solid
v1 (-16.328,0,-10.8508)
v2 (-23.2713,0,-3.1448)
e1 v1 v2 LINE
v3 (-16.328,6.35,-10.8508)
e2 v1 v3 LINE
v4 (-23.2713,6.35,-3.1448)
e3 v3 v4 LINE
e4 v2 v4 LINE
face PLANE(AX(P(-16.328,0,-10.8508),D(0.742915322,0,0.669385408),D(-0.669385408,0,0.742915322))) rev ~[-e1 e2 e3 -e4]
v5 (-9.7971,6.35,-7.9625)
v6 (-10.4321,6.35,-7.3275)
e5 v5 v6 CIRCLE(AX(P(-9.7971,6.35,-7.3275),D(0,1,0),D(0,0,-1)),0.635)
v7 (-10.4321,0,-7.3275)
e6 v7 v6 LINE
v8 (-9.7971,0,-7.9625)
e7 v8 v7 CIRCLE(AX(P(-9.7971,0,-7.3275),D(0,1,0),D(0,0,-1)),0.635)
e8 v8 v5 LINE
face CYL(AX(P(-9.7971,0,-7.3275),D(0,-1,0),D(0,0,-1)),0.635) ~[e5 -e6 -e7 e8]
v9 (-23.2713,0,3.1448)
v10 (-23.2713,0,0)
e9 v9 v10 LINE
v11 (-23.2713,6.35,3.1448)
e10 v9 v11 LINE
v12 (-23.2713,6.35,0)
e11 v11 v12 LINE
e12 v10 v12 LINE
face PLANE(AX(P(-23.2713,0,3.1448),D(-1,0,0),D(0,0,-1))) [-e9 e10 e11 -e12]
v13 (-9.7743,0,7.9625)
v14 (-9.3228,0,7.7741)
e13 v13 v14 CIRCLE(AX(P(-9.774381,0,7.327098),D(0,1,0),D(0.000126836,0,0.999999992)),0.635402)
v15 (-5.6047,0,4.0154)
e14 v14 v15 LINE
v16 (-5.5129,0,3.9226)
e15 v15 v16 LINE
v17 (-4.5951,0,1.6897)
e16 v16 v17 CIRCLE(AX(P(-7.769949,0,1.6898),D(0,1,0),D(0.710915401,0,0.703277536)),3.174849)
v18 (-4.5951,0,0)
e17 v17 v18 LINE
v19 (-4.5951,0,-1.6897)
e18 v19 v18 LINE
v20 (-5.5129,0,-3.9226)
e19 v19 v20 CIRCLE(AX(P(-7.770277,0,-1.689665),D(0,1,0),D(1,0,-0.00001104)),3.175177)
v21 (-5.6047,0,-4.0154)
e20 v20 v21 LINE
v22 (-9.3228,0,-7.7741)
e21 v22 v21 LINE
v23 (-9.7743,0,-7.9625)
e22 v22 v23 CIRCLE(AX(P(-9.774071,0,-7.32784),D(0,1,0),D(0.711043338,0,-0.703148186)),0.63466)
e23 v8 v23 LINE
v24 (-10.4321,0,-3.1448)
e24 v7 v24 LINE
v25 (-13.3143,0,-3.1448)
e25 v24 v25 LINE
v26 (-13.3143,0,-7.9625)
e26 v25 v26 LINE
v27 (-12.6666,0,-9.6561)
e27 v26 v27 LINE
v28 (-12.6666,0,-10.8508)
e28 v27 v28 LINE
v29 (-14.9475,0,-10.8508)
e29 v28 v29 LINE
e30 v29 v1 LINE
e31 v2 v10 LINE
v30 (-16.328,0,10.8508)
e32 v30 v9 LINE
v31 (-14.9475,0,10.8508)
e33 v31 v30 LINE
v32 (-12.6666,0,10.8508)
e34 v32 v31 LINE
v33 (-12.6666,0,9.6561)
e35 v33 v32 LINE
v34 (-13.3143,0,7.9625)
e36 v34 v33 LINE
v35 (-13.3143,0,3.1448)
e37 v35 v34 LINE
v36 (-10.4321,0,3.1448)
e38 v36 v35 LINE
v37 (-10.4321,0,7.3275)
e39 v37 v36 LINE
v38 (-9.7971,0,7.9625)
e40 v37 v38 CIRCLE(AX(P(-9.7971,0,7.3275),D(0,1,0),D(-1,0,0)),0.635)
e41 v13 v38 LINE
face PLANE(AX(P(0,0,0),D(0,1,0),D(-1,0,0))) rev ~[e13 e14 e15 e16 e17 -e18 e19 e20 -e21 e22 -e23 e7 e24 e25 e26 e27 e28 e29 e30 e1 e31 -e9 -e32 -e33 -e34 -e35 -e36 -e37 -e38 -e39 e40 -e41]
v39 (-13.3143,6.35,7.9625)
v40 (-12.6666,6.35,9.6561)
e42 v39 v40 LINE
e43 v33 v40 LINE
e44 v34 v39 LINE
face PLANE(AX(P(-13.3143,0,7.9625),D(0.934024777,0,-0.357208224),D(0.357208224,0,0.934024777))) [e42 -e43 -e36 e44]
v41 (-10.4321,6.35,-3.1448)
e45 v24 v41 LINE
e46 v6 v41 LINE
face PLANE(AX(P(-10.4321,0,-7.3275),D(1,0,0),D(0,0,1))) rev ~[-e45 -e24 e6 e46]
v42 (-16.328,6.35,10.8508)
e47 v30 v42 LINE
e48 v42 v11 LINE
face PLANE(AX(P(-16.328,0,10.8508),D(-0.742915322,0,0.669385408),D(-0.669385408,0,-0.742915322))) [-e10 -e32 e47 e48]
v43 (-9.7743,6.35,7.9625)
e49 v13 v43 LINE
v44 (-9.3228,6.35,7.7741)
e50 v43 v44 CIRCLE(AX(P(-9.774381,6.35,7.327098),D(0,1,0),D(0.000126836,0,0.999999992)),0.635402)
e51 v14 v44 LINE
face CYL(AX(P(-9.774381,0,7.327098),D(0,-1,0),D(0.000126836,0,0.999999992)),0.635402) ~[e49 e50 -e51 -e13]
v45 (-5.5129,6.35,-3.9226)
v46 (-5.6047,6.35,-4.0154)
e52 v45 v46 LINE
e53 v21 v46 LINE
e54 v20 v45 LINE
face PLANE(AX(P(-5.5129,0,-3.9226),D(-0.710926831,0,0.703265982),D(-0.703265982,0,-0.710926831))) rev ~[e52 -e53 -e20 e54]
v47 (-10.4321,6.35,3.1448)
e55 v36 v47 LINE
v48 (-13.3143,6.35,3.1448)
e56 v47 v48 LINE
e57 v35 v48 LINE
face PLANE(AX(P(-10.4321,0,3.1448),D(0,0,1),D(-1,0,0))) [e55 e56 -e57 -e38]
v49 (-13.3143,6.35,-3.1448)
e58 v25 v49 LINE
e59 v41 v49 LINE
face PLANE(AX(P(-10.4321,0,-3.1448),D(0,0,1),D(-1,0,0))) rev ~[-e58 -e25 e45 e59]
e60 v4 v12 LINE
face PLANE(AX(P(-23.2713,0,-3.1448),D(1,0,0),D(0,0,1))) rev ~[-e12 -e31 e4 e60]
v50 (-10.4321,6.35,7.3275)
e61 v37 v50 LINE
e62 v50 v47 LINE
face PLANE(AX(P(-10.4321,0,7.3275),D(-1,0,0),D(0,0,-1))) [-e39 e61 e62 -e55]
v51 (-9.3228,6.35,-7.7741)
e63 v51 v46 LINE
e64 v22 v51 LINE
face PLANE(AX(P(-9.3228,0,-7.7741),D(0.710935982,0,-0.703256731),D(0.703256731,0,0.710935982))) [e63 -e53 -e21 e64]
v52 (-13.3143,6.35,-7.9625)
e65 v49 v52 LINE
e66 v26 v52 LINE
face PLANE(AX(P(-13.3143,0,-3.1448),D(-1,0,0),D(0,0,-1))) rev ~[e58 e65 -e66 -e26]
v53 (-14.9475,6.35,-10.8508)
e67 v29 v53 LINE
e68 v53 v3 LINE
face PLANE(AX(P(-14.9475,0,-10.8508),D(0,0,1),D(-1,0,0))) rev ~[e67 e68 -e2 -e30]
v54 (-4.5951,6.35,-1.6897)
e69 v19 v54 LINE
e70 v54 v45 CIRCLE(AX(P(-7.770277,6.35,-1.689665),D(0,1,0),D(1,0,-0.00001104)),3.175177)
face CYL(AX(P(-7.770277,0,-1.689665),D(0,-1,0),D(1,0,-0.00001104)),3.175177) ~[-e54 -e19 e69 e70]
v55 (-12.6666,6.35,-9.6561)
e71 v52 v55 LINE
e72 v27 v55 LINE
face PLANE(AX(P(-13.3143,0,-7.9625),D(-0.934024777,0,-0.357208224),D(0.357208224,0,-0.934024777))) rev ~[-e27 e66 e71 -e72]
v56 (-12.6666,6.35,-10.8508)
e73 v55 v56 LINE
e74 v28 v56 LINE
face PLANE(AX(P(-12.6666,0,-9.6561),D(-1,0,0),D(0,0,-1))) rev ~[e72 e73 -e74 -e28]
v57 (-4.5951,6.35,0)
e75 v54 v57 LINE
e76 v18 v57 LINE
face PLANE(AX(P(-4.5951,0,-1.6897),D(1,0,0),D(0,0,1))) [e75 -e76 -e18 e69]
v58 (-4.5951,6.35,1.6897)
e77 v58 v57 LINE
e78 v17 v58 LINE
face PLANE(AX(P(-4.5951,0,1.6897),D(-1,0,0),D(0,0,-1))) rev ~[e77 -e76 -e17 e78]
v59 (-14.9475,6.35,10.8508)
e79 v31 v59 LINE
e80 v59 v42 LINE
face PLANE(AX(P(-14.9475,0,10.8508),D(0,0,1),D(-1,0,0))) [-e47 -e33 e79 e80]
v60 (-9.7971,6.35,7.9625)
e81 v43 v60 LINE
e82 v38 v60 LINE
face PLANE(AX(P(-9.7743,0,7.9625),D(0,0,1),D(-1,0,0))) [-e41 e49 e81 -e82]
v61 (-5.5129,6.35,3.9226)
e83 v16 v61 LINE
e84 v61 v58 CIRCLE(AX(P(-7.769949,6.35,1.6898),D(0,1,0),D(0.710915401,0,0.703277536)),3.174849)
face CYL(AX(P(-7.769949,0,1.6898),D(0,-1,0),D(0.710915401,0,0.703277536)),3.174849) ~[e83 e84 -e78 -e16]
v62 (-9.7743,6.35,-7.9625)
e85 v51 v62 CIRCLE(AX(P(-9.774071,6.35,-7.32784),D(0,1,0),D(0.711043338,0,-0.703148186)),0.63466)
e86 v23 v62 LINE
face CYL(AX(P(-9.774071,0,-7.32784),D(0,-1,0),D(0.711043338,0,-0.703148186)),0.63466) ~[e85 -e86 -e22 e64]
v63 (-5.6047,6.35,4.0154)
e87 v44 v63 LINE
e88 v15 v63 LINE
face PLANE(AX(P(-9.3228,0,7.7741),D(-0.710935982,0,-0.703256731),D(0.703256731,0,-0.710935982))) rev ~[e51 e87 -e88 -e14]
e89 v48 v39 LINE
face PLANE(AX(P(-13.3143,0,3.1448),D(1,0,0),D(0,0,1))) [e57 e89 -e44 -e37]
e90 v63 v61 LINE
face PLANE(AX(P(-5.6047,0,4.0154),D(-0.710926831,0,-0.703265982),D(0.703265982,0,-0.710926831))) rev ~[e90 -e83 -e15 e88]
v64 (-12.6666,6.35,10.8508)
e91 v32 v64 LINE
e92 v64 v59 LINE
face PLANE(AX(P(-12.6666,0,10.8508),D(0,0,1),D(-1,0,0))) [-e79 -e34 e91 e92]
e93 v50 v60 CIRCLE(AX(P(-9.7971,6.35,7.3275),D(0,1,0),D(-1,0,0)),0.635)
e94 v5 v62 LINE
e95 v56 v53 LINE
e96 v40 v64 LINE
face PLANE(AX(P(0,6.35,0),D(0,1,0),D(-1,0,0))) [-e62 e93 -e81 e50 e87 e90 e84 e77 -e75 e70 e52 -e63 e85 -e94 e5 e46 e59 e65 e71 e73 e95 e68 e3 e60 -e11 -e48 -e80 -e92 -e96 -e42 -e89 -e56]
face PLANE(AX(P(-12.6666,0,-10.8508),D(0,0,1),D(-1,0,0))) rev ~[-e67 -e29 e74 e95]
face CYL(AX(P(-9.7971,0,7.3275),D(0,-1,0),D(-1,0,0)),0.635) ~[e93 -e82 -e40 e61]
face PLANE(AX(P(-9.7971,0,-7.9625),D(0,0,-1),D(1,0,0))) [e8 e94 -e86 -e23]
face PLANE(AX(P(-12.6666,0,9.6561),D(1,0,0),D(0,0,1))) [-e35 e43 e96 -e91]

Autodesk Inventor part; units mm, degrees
ref_plane "YZ Plane" through (0, 0, 0) normal (1, 0, 0) x (0, 1, 0)
ref_plane "XZ Plane" through (0, 0, 0) normal (0, 1, 0) x (-1, 0, 0)
ref_plane "XY Plane" through (0, 0, 0) normal (0, 0, 1) x (1, 0, 0)
sketch "Sketch1" plane through (0, 0, 0) normal (0, 1, 0) x (-1, 0, 0)
  line L0 (-12.7, 12.7) -> (12.7, 12.7)
  line L1 (12.7, 12.7) -> (12.7, -12.7)
  line L2 (12.7, -12.7) -> (-12.7, -12.7)
  line L3 (-12.7, -12.7) -> (-12.7, 12.7)
  line L4 (-12.7, 12.7) -> (12.7, -12.7) construction
  line L5 (12.7, 12.7) -> (-12.7, -12.7) construction
  line L6 (14.9209, 3.2512) -> (10.4791, 3.2512)
  line L7 (10.4791, 3.2512) -> (10.4791, -3.2512)
  line L8 (10.4791, -3.2512) -> (14.9209, -3.2512)
  line L9 (14.9209, -3.2512) -> (14.9209, 3.2512)
  line L10 (14.9209, 3.2512) -> (10.4791, -3.2512) construction
  line L11 (10.4791, 3.2512) -> (14.9209, -3.2512) construction
  line L12 (12.7, 3.2512) -> (10.4902, 3.2512)
  line L13 (10.4902, 3.2512) -> (10.4902, 9.3687)
  line L14 (10.4902, 9.3687) -> (12.7, 9.3687)
  line L15 (12.7, 9.3687) -> (12.7, 3.2512)
  line L16 (-4.5426, 4.5426) -> (4.5426, 4.5426)
  line L17 (4.5426, 1.686) -> (4.5426, -1.686)
  line L18 (4.5426, -4.5426) -> (-4.5426, -4.5426)
  line L19 (-4.5426, -4.5426) -> (-4.5426, 4.5426)
  line L20 (-4.5426, 4.5426) -> (4.5426, -4.5426) construction
  line L21 (4.5426, 4.5426) -> (-4.5426, -4.5426) construction
  line L22 (12.7, 12.7) -> (-12.7, -12.7) construction
  line L23 (11.9293, 13.4707) -> (-13.4707, -11.9293)
  line L24 (5.4725, 3.9311) -> (13.4707, 11.9293)
  arc A0 (13.4707, 11.9293) -> (11.9293, 13.4707) centre (12.7, 12.7) ccw
  arc A1 (-13.4707, -11.9293) -> (-11.9293, -13.4707) centre (-12.7, -12.7) ccw
  line L25 (12.7, -12.7) -> (-12.7, 12.7) construction
  line L26 (11.9293, -13.4707) -> (-13.4707, 11.9293)
  line L27 (5.4725, -3.9311) -> (13.4707, -11.9293)
  arc A2 (11.9293, -13.4707) -> (13.4707, -11.9293) centre (12.7, -12.7) ccw
  arc A3 (-11.9293, 13.4707) -> (-13.4707, 11.9293) centre (-12.7, 12.7) ccw
  arc A4 (5.4725, 3.9311) -> (4.5426, 1.686) centre (7.7176, 1.686) ccw
  arc A5 (4.5426, -1.686) -> (5.4725, -3.9311) centre (7.7176, -1.686) ccw
  point P0 (0, 0)
  point P1 (12.7, 0)
  point P2 (0, 0)
  point P3 (0, 0)
  dimension "d0" = 25.4
  dimension "d1" = 25.4
  dimension "d2" = 6.5024
  dimension "d3" = 2.2098
  dimension "d4" = 3.175
sketch "Sketch2" plane through (0, 0, 0) normal (0, 1, 0) x (-1, 0, 0)
  line L0 (9.3228, 7.7741) -> (5.6047, 4.0154)
  line L1 (5.6047, 4.0154) -> (5.5129, 3.9226)
  line L2 (4.5951, 1.6897) -> (4.5951, 0)
  line L3 (9.7743, 7.9625) -> (9.7971, 7.9625)
  line L4 (10.4321, 7.3275) -> (10.4321, 3.1448)
  line L5 (10.4321, 3.1448) -> (13.3143, 3.1448)
  arc A0 (5.5129, 3.9226) -> (4.5951, 1.6897) centre (7.7701, 1.6897) ccw
  arc A1 (9.7743, 7.9625) -> (9.3228, 7.7741) centre (9.7743, 7.3275) ccw
  arc A2 (10.4321, 7.3275) -> (9.7971, 7.9625) centre (9.7971, 7.3275) ccw
  line L6 (13.3143, 3.1448) -> (13.3143, 7.9625)
  line L7 (13.3143, 7.9625) -> (12.6666, 9.6561)
  line L8 (12.6666, 9.6561) -> (12.6666, 10.8508)
  line L9 (12.6666, 10.8508) -> (14.9475, 10.8508)
  line L10 (14.9475, 10.8508) -> (16.328, 10.8508)
  line L11 (16.328, 10.8508) -> (23.2713, 3.1448)
  line L12 (23.2713, 3.1448) -> (23.2713, 0)
  line L13 (9.3228, -7.7741) -> (5.6047, -4.0154)
  line L14 (4.5951, -1.6897) -> (4.5951, 0)
  line L15 (10.4321, -7.3275) -> (10.4321, -3.1448)
  line L16 (10.4321, -3.1448) -> (13.3143, -3.1448)
  arc A3 (4.5951, -1.6897) -> (5.5129, -3.9226) centre (7.7701, -1.6897) ccw
  arc A4 (9.3228, -7.7741) -> (9.7743, -7.9625) centre (9.7743, -7.3275) ccw
  arc A5 (9.7971, -7.9625) -> (10.4321, -7.3275) centre (9.7971, -7.3275) ccw
  line L17 (13.3143, -3.1448) -> (13.3143, -7.9625)
  line L18 (13.3143, -7.9625) -> (12.6666, -9.6561)
  line L19 (12.6666, -9.6561) -> (12.6666, -10.8508)
  line L20 (12.6666, -10.8508) -> (14.9475, -10.8508)
  line L21 (14.9475, -10.8508) -> (16.328, -10.8508)
  line L22 (16.328, -10.8508) -> (23.2713, -3.1448)
  line L23 (23.2713, -3.1448) -> (23.2713, 0)
  line L24 (5.5129, -3.9226) -> (5.6047, -4.0154)
  line L25 (9.7971, -7.9625) -> (9.7743, -7.9625)
  point P0 (0, 0)
  point P1 (4.5951, 2.9948)
  dimension "d5" = 3.175
  dimension "d6" = 0.635
extrude "Extrusion1" add sketch "Sketch2" along normal blind 6.35
properties part number "sliding_t_nut_prototype01"
